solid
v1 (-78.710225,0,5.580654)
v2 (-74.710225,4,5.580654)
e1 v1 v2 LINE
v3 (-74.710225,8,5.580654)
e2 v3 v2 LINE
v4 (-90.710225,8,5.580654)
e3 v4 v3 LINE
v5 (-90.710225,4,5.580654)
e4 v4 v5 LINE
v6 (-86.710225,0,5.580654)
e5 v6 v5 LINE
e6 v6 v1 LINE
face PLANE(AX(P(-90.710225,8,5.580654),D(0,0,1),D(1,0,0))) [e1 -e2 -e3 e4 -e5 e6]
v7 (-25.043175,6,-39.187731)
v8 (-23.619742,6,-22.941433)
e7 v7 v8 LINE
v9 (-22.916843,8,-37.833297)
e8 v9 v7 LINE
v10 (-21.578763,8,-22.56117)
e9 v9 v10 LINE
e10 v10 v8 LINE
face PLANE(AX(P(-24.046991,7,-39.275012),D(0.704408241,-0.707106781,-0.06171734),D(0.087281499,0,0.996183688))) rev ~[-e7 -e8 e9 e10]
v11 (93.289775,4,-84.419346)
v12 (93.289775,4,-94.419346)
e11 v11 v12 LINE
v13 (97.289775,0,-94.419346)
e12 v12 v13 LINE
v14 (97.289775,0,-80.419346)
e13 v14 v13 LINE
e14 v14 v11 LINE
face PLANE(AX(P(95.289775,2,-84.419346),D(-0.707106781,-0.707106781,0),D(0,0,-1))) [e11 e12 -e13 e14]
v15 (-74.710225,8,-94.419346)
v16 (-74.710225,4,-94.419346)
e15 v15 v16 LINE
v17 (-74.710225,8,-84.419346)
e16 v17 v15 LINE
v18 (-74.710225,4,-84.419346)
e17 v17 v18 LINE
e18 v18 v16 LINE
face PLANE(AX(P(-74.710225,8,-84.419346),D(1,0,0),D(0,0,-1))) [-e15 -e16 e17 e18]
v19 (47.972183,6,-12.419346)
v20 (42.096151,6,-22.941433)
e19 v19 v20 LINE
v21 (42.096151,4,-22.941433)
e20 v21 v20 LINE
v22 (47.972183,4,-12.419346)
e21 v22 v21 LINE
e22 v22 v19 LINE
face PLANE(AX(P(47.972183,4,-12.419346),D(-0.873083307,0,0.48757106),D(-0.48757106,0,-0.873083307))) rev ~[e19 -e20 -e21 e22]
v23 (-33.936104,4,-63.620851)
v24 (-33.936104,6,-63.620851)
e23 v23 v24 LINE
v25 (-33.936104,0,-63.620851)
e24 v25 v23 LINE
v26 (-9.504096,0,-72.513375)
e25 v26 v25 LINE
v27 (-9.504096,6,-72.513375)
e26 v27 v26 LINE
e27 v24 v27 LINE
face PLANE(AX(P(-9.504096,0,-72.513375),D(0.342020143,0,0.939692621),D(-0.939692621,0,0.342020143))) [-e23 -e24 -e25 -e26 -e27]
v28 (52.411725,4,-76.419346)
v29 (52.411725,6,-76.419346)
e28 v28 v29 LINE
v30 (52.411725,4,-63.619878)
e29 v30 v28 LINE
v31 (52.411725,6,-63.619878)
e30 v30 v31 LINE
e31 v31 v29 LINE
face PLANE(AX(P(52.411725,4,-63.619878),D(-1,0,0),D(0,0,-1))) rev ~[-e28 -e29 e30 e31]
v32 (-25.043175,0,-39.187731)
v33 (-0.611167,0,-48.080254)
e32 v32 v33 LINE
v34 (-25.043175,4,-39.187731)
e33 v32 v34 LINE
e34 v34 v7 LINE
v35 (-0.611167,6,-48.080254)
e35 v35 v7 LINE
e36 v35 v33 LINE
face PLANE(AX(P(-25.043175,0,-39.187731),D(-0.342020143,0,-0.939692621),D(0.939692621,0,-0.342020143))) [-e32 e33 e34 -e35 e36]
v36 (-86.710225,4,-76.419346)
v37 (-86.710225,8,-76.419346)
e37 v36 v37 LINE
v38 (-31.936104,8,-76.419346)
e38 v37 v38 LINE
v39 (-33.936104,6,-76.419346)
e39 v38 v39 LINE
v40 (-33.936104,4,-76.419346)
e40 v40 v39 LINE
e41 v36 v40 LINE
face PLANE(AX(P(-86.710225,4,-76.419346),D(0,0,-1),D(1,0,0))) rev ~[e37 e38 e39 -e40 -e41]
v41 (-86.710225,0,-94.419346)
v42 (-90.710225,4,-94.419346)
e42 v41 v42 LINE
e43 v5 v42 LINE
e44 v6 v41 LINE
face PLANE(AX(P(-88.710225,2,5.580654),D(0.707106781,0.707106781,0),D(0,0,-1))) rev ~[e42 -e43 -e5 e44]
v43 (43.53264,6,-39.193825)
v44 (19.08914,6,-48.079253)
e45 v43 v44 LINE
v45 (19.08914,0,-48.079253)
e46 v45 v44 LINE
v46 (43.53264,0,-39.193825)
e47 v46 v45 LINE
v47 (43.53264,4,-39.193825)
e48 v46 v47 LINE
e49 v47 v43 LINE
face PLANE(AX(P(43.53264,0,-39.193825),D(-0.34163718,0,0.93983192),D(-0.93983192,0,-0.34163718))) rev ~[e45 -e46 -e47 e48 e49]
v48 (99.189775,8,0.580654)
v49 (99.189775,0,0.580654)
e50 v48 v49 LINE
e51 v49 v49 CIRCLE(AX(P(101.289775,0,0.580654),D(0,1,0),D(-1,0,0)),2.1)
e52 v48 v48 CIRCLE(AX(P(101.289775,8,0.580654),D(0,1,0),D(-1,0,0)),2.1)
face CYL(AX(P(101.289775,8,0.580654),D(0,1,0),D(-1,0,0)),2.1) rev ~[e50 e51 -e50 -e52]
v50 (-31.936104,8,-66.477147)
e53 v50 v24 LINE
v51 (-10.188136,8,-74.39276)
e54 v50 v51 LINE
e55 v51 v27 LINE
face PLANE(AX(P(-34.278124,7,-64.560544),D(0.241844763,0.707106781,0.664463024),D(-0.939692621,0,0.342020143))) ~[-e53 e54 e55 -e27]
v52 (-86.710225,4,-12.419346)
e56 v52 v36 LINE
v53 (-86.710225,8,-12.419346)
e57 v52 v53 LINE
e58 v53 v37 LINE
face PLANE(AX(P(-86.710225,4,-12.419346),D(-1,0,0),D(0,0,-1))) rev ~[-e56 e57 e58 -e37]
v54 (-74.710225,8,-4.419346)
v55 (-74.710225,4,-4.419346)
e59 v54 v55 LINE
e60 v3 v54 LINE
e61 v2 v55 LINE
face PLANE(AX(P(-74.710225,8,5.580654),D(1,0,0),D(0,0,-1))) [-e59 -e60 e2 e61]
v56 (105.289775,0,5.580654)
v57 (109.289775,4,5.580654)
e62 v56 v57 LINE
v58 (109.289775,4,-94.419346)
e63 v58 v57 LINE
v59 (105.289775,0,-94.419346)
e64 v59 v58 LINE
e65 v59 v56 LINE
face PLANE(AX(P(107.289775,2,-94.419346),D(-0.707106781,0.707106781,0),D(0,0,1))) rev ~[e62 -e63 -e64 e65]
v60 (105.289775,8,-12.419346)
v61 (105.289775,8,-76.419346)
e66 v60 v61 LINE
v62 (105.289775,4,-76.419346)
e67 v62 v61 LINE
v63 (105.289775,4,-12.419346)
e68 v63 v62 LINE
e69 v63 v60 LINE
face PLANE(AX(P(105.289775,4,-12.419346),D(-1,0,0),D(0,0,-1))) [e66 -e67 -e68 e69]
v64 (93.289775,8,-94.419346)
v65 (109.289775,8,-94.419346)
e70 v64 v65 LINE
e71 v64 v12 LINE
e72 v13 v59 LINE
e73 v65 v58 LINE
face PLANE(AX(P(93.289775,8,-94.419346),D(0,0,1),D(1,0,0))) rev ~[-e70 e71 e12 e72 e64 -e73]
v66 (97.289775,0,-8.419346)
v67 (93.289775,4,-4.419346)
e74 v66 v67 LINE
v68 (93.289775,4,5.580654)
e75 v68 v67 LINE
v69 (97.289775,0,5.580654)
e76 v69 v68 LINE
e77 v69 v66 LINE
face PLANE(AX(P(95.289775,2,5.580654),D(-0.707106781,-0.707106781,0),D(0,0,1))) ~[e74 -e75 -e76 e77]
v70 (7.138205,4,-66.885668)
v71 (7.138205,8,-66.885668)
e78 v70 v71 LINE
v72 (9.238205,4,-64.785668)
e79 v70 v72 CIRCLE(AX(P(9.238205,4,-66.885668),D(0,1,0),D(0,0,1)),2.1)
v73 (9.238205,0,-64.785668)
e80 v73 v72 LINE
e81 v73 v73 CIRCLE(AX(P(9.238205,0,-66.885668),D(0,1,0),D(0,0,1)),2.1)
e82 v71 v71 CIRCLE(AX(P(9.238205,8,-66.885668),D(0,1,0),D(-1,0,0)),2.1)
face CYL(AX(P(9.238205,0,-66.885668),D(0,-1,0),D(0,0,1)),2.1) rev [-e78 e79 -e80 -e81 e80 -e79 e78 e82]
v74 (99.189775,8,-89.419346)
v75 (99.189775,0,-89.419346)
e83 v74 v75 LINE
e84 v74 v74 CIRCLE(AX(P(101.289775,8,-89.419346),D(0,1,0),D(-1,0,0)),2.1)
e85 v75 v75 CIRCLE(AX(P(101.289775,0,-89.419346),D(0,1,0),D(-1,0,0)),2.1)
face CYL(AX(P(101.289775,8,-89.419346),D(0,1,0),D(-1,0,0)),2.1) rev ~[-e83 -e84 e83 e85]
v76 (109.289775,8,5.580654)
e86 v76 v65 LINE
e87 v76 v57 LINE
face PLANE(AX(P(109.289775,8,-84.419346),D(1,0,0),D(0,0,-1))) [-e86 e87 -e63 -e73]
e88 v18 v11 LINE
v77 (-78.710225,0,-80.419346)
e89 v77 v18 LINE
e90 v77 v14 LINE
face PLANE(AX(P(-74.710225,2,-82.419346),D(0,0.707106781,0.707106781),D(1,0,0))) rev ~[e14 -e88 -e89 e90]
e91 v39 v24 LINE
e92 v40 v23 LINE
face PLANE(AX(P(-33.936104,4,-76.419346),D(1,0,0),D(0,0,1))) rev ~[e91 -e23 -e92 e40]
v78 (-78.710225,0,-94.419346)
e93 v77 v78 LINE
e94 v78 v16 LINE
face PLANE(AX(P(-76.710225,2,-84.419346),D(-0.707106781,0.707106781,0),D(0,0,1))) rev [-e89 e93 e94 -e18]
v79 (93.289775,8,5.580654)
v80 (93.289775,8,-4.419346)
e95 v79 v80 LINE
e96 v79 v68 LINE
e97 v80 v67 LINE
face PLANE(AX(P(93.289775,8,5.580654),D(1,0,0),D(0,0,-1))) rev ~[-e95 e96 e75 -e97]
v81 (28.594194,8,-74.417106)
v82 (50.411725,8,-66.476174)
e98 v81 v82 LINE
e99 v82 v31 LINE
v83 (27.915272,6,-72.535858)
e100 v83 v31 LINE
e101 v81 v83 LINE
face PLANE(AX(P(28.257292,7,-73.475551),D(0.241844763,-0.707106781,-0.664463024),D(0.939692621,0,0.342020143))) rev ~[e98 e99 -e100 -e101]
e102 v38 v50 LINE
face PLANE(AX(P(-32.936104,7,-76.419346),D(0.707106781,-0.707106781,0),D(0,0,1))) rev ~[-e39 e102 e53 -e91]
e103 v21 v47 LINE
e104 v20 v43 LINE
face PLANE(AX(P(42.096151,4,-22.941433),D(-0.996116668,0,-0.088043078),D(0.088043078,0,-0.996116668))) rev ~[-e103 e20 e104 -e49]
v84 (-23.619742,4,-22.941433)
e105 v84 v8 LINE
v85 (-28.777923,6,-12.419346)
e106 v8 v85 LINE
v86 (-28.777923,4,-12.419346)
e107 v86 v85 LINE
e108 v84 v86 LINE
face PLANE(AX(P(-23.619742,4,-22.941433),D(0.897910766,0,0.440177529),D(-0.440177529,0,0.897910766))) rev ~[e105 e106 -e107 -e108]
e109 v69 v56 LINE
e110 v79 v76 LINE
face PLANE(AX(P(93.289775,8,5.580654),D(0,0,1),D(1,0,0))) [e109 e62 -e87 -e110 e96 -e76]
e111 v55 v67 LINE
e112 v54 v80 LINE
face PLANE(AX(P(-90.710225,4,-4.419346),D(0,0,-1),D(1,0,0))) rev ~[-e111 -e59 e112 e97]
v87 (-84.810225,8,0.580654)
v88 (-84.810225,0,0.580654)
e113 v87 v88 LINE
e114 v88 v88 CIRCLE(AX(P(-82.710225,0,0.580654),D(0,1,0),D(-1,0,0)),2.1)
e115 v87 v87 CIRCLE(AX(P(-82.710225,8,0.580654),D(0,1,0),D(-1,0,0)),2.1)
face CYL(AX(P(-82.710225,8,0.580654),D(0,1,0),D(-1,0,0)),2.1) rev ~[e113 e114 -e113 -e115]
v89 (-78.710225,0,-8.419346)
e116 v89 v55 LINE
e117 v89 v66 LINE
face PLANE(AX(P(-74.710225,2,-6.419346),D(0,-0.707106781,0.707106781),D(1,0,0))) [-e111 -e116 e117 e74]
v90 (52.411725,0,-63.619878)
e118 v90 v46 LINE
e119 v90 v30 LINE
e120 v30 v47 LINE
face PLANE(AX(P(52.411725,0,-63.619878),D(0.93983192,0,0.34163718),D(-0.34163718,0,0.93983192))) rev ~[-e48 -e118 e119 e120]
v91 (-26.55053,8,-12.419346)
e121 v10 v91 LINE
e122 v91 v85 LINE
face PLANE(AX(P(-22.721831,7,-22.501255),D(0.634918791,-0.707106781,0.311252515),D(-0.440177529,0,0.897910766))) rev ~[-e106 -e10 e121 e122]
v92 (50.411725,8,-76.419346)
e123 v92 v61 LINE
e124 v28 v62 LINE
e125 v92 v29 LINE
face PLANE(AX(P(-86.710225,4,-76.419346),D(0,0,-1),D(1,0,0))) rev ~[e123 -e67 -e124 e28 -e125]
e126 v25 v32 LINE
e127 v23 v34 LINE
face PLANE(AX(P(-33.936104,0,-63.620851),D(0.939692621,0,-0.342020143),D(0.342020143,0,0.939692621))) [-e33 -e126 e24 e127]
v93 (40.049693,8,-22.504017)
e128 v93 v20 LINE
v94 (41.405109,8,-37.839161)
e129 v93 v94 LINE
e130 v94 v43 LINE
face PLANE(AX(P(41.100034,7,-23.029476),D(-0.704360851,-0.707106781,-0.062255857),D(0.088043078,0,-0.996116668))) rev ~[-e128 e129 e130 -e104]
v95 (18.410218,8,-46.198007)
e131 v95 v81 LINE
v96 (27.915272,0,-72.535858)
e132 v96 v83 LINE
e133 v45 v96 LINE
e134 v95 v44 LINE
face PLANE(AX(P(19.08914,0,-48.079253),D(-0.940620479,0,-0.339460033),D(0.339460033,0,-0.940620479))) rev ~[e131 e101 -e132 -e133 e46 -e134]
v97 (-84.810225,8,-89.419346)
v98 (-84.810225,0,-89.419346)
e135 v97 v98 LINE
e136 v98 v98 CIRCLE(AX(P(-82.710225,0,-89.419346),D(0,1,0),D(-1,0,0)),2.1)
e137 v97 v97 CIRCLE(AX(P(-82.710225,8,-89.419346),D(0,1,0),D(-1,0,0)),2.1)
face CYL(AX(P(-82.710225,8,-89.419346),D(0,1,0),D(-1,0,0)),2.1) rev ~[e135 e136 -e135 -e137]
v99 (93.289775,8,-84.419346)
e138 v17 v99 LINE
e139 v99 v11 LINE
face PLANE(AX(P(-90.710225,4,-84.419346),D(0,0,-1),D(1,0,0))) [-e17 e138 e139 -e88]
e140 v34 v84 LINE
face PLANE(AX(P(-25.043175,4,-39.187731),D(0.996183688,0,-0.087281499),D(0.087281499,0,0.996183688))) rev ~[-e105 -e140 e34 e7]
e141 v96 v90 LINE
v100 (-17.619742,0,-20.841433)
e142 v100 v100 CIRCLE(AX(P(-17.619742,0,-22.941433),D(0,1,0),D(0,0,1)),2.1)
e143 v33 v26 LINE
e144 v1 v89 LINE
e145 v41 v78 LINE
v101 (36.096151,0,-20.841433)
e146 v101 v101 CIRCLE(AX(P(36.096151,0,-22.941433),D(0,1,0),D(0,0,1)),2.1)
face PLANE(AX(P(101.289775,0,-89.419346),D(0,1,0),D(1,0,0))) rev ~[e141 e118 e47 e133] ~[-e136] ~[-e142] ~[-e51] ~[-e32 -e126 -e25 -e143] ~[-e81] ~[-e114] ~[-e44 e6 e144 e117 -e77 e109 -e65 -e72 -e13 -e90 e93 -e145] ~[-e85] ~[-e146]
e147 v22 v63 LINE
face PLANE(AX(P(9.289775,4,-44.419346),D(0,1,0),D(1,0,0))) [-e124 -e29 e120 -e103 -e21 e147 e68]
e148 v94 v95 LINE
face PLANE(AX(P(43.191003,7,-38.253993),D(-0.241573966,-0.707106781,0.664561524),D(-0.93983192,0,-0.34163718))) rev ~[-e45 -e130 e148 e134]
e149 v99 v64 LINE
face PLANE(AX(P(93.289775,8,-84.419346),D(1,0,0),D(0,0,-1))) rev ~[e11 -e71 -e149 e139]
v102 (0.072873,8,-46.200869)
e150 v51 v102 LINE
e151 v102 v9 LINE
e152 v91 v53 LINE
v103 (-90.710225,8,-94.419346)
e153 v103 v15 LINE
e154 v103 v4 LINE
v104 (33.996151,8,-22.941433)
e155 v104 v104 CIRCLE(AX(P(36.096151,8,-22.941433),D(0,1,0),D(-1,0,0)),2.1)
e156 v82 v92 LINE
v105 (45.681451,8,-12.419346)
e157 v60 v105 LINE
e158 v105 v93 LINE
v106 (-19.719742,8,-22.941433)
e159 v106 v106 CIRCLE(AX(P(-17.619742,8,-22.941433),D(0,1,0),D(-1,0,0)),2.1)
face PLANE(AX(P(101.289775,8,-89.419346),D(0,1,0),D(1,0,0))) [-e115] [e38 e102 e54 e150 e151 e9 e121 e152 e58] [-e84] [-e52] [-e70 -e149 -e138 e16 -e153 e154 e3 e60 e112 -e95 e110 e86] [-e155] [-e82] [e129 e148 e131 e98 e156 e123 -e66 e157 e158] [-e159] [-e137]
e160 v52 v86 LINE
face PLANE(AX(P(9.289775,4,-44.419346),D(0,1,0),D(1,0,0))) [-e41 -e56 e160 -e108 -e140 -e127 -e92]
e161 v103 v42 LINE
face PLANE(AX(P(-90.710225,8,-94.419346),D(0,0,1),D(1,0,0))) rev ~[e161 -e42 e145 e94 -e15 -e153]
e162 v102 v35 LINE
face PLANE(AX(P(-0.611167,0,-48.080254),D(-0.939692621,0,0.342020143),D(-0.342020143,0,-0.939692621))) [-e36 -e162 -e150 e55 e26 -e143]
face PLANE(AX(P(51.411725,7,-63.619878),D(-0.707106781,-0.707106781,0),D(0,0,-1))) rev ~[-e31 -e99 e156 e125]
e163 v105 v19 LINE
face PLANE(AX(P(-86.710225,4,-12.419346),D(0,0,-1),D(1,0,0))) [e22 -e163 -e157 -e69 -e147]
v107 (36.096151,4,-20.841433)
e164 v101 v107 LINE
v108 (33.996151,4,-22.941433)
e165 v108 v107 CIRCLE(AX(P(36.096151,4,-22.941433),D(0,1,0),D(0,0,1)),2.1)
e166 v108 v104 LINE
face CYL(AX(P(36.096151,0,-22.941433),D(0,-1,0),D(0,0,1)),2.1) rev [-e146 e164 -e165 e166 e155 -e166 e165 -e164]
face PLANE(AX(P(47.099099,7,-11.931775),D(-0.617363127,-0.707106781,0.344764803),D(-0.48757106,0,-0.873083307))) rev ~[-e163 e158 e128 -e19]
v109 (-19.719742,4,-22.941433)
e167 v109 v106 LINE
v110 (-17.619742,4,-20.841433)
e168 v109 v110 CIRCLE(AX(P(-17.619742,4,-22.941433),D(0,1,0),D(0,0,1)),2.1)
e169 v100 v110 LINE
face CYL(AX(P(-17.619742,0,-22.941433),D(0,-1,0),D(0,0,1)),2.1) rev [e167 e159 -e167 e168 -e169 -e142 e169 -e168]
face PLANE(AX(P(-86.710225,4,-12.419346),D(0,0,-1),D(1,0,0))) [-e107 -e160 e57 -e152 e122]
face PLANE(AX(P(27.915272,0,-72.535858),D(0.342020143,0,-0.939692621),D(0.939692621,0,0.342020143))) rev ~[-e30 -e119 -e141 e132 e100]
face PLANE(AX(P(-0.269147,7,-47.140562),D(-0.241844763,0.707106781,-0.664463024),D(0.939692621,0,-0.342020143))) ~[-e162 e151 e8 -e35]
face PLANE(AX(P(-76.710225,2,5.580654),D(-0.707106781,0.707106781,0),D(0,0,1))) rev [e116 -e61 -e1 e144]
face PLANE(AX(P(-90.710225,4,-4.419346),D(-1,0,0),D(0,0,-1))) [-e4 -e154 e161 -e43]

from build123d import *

# Parameters (mm, degrees)
SKETCH_1_W      = 200
SKETCH_1_H      = 80
SKETCH_1_R      = 2.1
EXTRUDE_1_DEPTH = 4
SKETCH_2_W      = 200
SKETCH_2_H      = 80
SKETCH_2_W_2    = 192
SKETCH_2_H_2    = 64
SKETCH_2_R      = 6
SKETCH_2_R_2    = 2.1
EXTRUDE_4_DEPTH = 4
SKETCH_4_W      = 16
SKETCH_4_H      = 10
SKETCH_4_R      = 2.1
EXTRUDE_5_DEPTH = 8
CHAMFER_2_SIZE  = 4
CHAMFER_3_SIZE  = 2


with BuildPart() as part:
    # Эскиз1 → Бобышка-Вытянуть1 (new body)
    with BuildSketch(Plane(origin=(0, 0, 0), x_dir=(1, 0, 0), z_dir=(0, 1, 0))):
        with Locations((9.289774647, 44.419345598)):
            Rectangle(SKETCH_1_W, SKETCH_1_H)
        with Locations(Location((9.238204765, 66.885667768, 0), (0, 0, 270))):
            Circle(SKETCH_1_R, mode=Mode.SUBTRACT)
        with Locations(Location((36.096151087, 22.941432753, 0), (0, 0, 270))):
            Circle(SKETCH_1_R, mode=Mode.SUBTRACT)
        with Locations(Location((-17.619741555, 22.941432753, 0), (0, 0, 270))):
            Circle(SKETCH_1_R, mode=Mode.SUBTRACT)
        Polygon((19.089140112, 48.079252727), (27.915271652, 72.535858158), (52.411725454, 63.619878129), (43.532640104, 39.193825212), align=None, mode=Mode.SUBTRACT)
        Polygon((-33.936103706, 63.620851303), (-25.043175056, 39.187730639), (-0.611166915, 48.080254364), (-9.504095565, 72.513375028), align=None, mode=Mode.SUBTRACT)
    extrude(amount=EXTRUDE_1_DEPTH)

    # Эскиз2 → Бобышка-Вытянуть4 (add)
    # profile 1 of 5: a face of its own
    with BuildSketch(Plane(origin=(0, 4, 0), x_dir=(1, 0, 0), z_dir=(0, 1, 0))):
        with Locations((9.289774647, 44.419345598)):
            Rectangle(SKETCH_2_W, SKETCH_2_H)
        with Locations((9.289774647, 44.419345598)):
            Rectangle(SKETCH_2_W_2, SKETCH_2_H_2, mode=Mode.SUBTRACT)
    # profile 2 of 5: a face of its own
    with BuildSketch(Plane(origin=(0, 4, 0), x_dir=(1, 0, 0), z_dir=(0, 1, 0))):
        with Locations((-17.619741555, 22.941432753)):
            Circle(SKETCH_2_R)
        with Locations(Location((-17.619741555, 22.941432753, 0), (0, 0, 180))):
            Circle(SKETCH_2_R_2, mode=Mode.SUBTRACT)
    # profile 3 of 5: a face of its own
    with BuildSketch(Plane(origin=(0, 4, 0), x_dir=(1, 0, 0), z_dir=(0, 1, 0))):
        with Locations((36.096151087, 22.941432753)):
            Circle(SKETCH_2_R)
        with Locations(Location((36.096151087, 22.941432753, 0), (0, 0, 180))):
            Circle(SKETCH_2_R_2, mode=Mode.SUBTRACT)
    # profile 4 of 5: a face of its own
    with BuildSketch(Plane(origin=(0, 4, 0), x_dir=(1, 0, 0), z_dir=(0, 1, 0))):
        with BuildLine():
            Line((-23.619741555, 22.941432753), (-28.77792263, 12.419345598))
            Line((-28.77792263, 12.419345598), (47.972182779, 12.419345598))
            Line((47.972182779, 12.419345598), (42.096151087, 22.941432753))
            ThreePointArc((42.096151087, 22.941432753), (36.096151087, 16.941432753), (30.096151087, 22.941432753))
            Line((30.096151087, 22.941432753), (-11.619741555, 22.941432753))
            ThreePointArc((-11.619741555, 22.941432753), (-17.619741555, 16.941432753), (-23.619741555, 22.941432753))
        make_face()
    # profile 5 of 5: a face of its own
    with BuildSketch(Plane(origin=(0, 4, 0), x_dir=(1, 0, 0), z_dir=(0, 1, 0))):
        with BuildLine():
            Line((-25.043175056, 39.187730639), (-23.619741555, 22.941432753))
            ThreePointArc((-23.619741555, 22.941432753), (-17.619741555, 28.941432753), (-11.619741555, 22.941432753))
            Line((-11.619741555, 22.941432753), (30.096151087, 22.941432753))
            ThreePointArc((30.096151087, 22.941432753), (36.096151087, 28.941432753), (42.096151087, 22.941432753))
            Line((42.096151087, 22.941432753), (43.532640104, 39.193825212))
            Line((43.532640104, 39.193825212), (19.089140112, 48.079252727))
            Line((19.089140112, 48.079252727), (27.915271652, 72.535858158))
            Line((27.915271652, 72.535858158), (52.411725454, 63.619878129))
            Line((52.411725454, 63.619878129), (52.411725454, 76.419345598))
            Line((52.411725454, 76.419345598), (-33.936103706, 76.419345598))
            Line((-33.936103706, 76.419345598), (-33.936103706, 63.620851303))
            Line((-33.936103706, 63.620851303), (-9.504095565, 72.513375028))
            Line((-9.504095565, 72.513375028), (-0.611166915, 48.080254364))
            Line((-0.611166915, 48.080254364), (-25.043175056, 39.187730639))
        make_face()
        with Locations(Location((9.238204765, 66.885667768, 0), (0, 0, 180))):
            Circle(SKETCH_2_R_2, mode=Mode.SUBTRACT)
    extrude(amount=EXTRUDE_4_DEPTH)

    # Эскиз4 → Бобышка-Вытянуть5 (add)
    # profile 1 of 4: a face of its own
    with BuildSketch(Plane(origin=(0, 8, 0), x_dir=(1, 0, 0), z_dir=(0, 1, 0))):
        with Locations((101.289774647, 89.419345598)):
            Rectangle(SKETCH_4_W, SKETCH_4_H)
        with Locations(Location((101.289774647, 89.419345598, 0), (0, 0, 180))):
            Circle(SKETCH_4_R, mode=Mode.SUBTRACT)
    # profile 2 of 4: a face of its own
    with BuildSketch(Plane(origin=(0, 8, 0), x_dir=(1, 0, 0), z_dir=(0, 1, 0))):
        with Locations((-82.710225353, 89.419345598)):
            Rectangle(SKETCH_4_W, SKETCH_4_H)
        with Locations(Location((-82.710225353, 89.419345598, 0), (0, 0, 180))):
            Circle(SKETCH_4_R, mode=Mode.SUBTRACT)
    # profile 3 of 4: a face of its own
    with BuildSketch(Plane(origin=(0, 8, 0), x_dir=(1, 0, 0), z_dir=(0, 1, 0))):
        with Locations((101.289774647, -0.580654402)):
            Rectangle(SKETCH_4_W, SKETCH_4_H)
        with Locations(Location((101.289774647, -0.580654402, 0), (0, 0, 180))):
            Circle(SKETCH_4_R, mode=Mode.SUBTRACT)
    # profile 4 of 4: a face of its own
    with BuildSketch(Plane(origin=(0, 8, 0), x_dir=(1, 0, 0), z_dir=(0, 1, 0))):
        with Locations((-82.710225353, -0.580654402)):
            Rectangle(SKETCH_4_W, SKETCH_4_H)
        with Locations(Location((-82.710225353, -0.580654402, 0), (0, 0, 180))):
            Circle(SKETCH_4_R, mode=Mode.SUBTRACT)
    extrude(amount=-EXTRUDE_5_DEPTH)

    # Фаска2
    chamfer_2_edges = [part.edges().sort_by_distance(p)[0] for p in [
        (9.289774647, 0, -84.419345598),
        (93.289774647, 0, -89.419345598),
        (93.289774647, 0, 0.580654402),
        (-74.710225353, 0, -89.419345598),
        (9.289774647, 0, -4.419345598),
        (-74.710225353, 0, 0.580654402),
        (-90.710225353, 0, -44.419345598),
        (109.289774647, 0, -44.419345598),
    ]]
    chamfer(chamfer_2_edges, length=CHAMFER_2_SIZE)

    # Фаска3
    chamfer_3_edges = [part.edges().sort_by_distance(p)[0] for p in [
        (-33.936103706, 8, -70.020098451),
        (-12.827170986, 8, -43.633992502),
        (45.034166933, 8, -17.680389175),
        (-24.331458306, 8, -31.064581696),
        (42.814395596, 8, -31.067628982),
        (31.310890108, 8, -43.63653897),
        (40.163498553, 8, -68.077868143),
        (52.411725454, 8, -70.019611864),
        (-26.198832093, 8, -17.680389175),
        (-21.720099636, 8, -68.067113165),
    ]]
    chamfer(chamfer_3_edges, length=CHAMFER_3_SIZE)


solid = part.part
